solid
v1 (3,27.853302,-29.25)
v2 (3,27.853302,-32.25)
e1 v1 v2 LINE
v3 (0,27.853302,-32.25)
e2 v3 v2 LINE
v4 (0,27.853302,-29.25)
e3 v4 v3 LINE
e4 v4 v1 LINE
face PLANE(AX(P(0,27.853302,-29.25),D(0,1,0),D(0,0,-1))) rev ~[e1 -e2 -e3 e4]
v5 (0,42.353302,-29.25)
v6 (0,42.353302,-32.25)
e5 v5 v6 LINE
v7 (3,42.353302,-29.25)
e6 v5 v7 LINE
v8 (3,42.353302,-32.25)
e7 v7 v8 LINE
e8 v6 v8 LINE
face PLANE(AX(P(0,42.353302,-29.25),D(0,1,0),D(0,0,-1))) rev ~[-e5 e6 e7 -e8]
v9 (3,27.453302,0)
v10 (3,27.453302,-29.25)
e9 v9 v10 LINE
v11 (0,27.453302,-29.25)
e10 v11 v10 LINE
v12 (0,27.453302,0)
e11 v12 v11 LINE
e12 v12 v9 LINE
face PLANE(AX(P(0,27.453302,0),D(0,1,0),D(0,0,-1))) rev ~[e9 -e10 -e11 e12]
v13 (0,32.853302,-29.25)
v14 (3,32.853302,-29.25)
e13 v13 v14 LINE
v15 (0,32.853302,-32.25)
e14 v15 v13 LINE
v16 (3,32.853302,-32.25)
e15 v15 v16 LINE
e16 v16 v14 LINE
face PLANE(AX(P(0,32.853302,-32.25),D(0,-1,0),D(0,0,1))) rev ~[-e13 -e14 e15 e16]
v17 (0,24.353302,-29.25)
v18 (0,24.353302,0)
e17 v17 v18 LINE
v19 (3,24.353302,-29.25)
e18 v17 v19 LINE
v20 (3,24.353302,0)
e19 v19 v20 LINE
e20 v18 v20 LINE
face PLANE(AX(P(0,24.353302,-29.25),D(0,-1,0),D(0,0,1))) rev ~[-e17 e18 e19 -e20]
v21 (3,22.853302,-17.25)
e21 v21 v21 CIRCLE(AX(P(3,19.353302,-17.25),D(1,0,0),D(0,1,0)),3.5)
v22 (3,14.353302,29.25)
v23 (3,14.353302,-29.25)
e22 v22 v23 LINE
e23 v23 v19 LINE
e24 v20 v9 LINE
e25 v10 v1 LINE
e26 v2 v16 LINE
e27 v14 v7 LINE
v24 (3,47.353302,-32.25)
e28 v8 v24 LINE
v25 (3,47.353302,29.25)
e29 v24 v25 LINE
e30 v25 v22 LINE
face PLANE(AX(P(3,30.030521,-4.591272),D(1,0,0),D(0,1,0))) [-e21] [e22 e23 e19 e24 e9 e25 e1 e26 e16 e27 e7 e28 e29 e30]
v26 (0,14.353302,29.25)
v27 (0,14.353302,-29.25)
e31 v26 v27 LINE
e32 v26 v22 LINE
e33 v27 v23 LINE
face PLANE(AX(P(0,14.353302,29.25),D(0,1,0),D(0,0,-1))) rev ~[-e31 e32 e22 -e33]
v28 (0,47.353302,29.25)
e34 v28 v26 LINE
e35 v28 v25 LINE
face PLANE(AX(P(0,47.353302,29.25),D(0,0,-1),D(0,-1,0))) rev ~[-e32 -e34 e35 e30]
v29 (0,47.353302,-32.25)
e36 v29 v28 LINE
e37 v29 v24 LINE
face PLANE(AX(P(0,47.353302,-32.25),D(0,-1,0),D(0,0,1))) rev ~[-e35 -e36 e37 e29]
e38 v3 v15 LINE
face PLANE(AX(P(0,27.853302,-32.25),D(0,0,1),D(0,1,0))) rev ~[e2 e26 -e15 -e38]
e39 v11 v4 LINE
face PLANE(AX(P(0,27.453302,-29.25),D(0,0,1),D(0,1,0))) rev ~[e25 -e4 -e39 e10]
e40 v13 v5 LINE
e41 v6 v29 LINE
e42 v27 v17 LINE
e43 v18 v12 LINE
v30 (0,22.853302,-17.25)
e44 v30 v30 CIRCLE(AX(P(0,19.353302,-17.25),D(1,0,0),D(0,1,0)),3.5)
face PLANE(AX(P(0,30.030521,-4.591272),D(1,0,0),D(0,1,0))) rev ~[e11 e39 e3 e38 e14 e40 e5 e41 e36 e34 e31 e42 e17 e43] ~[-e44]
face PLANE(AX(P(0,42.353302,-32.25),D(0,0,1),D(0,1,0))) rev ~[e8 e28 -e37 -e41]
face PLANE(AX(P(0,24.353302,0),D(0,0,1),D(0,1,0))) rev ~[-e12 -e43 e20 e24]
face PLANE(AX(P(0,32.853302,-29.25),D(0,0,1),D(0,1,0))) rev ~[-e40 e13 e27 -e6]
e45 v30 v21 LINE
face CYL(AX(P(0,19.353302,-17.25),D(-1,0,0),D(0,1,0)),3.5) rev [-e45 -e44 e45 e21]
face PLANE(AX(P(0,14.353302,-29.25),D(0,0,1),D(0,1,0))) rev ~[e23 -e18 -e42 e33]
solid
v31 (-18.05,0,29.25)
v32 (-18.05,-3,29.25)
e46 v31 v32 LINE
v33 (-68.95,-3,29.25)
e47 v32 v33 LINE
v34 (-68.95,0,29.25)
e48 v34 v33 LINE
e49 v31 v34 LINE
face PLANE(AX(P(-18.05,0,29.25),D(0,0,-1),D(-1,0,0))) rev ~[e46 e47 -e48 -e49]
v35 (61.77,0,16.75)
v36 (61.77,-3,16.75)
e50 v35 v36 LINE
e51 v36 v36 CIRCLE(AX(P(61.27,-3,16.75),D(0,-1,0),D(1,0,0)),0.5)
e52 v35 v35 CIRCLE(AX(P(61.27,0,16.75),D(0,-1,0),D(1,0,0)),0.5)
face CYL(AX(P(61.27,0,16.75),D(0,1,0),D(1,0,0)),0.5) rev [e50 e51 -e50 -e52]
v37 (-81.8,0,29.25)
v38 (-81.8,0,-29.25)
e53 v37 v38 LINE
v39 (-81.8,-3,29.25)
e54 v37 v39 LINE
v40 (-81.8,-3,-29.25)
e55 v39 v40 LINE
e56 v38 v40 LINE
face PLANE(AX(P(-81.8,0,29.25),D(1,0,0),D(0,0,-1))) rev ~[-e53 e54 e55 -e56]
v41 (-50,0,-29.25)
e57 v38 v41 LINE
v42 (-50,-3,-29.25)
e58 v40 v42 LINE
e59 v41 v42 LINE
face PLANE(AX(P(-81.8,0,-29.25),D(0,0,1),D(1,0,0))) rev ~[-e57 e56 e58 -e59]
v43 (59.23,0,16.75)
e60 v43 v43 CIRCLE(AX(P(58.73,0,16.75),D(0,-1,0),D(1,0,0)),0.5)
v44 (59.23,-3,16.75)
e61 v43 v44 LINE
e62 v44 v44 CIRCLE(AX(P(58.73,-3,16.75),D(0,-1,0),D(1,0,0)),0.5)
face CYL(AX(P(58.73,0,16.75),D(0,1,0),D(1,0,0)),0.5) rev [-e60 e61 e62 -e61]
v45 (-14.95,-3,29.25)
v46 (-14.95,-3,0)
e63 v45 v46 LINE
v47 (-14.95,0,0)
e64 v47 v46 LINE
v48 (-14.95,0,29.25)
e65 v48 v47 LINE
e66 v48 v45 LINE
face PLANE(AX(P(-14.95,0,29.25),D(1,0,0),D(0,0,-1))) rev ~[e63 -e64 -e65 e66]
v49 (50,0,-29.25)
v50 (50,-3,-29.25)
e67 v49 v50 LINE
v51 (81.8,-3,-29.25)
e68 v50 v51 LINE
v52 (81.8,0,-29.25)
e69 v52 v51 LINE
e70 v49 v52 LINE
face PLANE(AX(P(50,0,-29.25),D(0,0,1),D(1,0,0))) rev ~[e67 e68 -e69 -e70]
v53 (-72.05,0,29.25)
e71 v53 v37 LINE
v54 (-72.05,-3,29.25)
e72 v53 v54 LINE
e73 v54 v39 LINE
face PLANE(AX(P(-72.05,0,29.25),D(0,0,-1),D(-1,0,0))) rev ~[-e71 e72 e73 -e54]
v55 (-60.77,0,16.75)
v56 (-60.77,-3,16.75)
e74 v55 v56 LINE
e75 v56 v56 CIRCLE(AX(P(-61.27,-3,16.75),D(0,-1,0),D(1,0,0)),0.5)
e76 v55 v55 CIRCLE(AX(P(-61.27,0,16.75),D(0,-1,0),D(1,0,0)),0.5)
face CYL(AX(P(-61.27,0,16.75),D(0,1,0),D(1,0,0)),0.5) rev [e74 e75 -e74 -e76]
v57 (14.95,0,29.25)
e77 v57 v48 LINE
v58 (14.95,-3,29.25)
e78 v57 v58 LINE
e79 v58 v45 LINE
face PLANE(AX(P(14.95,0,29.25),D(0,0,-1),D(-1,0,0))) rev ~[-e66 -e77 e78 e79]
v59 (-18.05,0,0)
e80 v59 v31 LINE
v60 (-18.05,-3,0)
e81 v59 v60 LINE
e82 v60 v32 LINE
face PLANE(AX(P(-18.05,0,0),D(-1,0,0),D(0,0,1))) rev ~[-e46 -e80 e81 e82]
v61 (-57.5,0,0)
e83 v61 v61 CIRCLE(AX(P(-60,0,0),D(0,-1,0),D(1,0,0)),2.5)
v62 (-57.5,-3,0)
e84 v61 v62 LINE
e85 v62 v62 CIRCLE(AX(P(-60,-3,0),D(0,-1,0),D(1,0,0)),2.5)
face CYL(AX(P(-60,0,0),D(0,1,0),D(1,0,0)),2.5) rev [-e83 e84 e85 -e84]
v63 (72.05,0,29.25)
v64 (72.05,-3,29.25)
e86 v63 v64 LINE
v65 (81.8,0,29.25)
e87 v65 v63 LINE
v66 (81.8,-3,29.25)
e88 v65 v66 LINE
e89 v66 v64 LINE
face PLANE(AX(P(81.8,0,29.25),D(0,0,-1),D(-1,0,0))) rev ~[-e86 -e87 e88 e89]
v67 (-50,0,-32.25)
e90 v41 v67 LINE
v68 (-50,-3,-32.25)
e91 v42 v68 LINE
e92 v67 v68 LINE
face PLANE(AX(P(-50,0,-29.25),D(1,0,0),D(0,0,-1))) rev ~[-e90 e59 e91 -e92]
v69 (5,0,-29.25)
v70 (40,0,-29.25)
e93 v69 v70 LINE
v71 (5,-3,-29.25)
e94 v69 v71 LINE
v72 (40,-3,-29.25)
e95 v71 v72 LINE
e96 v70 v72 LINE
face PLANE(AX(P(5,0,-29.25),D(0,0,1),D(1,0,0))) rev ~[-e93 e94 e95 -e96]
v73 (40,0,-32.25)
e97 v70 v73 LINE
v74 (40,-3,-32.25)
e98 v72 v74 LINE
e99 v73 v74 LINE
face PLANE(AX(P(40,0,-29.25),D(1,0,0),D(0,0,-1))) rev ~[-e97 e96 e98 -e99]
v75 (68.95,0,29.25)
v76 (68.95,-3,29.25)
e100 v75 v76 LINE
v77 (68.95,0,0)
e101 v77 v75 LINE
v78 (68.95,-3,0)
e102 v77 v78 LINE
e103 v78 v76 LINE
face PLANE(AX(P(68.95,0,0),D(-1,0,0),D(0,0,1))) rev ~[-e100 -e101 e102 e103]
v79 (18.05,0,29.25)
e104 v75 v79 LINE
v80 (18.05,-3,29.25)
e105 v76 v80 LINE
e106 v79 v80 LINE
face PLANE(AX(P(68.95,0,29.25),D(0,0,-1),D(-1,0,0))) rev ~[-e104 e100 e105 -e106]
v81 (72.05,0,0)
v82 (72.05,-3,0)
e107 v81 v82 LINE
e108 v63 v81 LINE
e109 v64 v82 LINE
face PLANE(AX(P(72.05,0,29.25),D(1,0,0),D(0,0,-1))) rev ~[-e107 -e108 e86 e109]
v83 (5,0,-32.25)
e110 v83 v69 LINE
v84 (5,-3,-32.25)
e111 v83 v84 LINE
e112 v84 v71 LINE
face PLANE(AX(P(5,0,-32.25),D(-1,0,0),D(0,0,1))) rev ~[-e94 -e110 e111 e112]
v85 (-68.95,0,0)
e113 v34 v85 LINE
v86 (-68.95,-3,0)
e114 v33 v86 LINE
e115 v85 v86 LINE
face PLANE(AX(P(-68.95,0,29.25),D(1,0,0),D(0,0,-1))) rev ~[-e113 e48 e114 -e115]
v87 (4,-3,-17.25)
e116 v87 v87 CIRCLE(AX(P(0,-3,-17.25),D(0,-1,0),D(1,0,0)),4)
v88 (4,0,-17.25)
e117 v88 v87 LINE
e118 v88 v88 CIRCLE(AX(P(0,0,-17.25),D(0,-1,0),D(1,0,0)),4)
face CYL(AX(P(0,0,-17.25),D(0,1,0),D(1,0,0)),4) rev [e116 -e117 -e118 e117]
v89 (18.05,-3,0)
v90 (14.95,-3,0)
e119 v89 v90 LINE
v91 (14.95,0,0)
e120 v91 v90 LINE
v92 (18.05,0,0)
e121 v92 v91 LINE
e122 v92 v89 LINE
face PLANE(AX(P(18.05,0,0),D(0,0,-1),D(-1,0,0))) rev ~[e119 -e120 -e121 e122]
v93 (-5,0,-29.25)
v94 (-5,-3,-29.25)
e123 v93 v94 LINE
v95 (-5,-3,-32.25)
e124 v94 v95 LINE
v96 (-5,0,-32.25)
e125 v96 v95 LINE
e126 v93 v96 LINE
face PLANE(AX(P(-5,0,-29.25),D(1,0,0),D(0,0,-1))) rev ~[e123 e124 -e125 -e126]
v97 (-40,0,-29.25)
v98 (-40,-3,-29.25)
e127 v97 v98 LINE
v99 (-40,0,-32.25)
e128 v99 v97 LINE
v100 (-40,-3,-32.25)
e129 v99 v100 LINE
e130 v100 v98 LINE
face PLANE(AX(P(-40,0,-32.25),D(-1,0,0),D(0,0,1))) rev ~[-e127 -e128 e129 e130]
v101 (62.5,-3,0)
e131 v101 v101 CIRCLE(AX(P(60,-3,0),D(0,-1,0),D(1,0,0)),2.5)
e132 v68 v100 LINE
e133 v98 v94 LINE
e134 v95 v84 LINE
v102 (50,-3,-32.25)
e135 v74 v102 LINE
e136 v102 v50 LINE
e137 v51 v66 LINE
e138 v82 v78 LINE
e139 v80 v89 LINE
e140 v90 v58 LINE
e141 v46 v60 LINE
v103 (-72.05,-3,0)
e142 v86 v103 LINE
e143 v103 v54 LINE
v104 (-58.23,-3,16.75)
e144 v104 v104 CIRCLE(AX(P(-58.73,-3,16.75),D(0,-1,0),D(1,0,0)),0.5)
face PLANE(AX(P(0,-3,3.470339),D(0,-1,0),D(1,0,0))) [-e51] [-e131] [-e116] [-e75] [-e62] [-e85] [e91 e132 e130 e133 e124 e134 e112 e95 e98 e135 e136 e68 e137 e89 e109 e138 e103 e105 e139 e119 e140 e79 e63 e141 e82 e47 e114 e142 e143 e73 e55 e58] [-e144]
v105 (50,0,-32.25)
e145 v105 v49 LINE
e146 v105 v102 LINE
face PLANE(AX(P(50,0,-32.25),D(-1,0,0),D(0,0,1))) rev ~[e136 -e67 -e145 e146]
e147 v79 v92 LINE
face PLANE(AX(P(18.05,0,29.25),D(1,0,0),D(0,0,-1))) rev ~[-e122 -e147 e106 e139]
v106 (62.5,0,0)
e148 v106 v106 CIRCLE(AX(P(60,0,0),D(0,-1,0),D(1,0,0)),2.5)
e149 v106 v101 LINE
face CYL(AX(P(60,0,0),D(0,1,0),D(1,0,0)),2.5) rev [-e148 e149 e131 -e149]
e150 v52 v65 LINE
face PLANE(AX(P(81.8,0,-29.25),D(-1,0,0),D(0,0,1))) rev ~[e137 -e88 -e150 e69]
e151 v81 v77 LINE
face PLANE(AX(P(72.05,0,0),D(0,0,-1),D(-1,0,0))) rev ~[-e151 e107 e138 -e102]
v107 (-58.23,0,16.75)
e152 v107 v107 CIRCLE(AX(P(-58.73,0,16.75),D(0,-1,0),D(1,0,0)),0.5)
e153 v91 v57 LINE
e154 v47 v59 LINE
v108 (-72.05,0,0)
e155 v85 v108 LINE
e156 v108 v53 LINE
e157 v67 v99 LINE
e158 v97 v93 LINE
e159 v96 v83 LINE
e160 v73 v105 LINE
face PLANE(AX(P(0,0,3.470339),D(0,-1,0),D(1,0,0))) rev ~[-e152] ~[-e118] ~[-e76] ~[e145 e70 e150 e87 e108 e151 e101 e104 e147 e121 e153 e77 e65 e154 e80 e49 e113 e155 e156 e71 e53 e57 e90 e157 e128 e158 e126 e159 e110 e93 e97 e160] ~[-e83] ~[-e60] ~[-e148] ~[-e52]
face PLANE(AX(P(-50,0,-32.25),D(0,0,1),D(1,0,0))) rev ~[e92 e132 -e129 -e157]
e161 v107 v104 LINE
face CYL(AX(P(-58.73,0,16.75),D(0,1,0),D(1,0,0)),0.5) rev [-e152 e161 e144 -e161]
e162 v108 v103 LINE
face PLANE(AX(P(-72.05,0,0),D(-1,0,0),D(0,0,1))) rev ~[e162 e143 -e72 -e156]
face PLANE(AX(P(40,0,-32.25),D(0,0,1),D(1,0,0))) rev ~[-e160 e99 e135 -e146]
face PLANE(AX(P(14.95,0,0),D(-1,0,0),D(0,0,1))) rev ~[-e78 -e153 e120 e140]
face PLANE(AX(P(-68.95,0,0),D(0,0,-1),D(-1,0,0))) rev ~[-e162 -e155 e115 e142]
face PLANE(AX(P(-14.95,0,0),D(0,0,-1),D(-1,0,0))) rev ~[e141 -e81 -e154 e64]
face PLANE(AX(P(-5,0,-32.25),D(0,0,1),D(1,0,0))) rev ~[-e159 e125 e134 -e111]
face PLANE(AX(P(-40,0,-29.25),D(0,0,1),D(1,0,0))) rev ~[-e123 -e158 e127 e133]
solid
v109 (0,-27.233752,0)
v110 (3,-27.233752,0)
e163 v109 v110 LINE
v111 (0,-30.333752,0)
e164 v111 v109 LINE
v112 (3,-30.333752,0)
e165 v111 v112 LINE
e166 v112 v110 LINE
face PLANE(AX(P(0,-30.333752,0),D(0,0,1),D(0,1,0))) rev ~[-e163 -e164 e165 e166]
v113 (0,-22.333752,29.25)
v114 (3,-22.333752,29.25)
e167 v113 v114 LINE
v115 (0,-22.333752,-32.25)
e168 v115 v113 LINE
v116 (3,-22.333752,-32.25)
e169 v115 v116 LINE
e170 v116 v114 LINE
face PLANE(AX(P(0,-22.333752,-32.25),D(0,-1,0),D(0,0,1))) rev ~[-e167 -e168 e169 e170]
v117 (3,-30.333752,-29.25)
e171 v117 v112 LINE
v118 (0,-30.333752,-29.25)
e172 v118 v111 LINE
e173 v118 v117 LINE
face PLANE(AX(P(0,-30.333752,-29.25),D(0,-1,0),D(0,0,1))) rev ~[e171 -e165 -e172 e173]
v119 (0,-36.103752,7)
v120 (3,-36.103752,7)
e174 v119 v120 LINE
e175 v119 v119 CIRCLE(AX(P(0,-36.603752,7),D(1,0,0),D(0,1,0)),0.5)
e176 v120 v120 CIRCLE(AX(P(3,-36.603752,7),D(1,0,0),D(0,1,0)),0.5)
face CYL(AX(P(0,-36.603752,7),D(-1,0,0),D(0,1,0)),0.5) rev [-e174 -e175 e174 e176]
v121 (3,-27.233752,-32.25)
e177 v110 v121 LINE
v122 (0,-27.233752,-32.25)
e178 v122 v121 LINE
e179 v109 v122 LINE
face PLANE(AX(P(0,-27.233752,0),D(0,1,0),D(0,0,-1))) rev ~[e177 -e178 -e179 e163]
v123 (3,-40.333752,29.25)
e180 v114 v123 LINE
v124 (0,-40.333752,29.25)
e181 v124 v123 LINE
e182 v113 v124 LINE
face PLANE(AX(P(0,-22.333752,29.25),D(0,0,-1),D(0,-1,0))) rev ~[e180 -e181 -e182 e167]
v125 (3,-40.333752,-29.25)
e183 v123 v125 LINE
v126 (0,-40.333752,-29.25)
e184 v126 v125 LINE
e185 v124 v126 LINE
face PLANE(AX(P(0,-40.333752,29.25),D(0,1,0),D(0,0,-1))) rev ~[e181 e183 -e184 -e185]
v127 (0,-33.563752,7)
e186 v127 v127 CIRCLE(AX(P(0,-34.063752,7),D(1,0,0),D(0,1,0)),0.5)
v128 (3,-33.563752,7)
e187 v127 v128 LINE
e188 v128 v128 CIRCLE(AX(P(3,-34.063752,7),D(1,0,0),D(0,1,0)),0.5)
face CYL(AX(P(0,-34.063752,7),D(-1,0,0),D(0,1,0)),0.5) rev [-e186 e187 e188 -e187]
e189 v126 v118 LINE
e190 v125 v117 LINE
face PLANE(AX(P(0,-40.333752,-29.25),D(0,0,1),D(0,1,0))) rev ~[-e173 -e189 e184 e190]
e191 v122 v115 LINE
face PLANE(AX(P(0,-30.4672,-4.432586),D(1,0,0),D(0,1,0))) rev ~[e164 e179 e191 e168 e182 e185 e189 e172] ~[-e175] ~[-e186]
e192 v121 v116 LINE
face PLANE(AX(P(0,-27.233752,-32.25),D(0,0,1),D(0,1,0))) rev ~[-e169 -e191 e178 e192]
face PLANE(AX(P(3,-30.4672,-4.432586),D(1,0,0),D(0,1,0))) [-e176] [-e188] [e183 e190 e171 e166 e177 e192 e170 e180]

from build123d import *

# Parameters (mm, degrees)
F0_R     = 4
F0_R_2   = 2.5
F0_R_3   = 0.5
F1_DEPTH = 3
F2_R     = 0.5
F4_DEPTH = 3
F3_R     = 3.5
F5_DEPTH = 3


with BuildPart() as f1:
    # F0 (on Front) → F1 (new body)
    with BuildSketch(Plane.XZ):
        Polygon((50, -29.25), (81.8, -29.25), (81.8, 29.25), (72.05, 29.25), (72.05, 0), (68.95, 0), (68.95, 29.25), (18.05, 29.25), (18.05, 0), (14.95, 0), (14.95, 29.25), (-14.95, 29.25), (-14.95, 0), (-18.05, 0), (-18.05, 29.25), (-68.95, 29.25), (-68.95, 0), (-72.05, 0), (-72.05, 29.25), (-81.8, 29.25), (-81.8, -29.25), (-50, -29.25), (-50, -32.25), (-40, -32.25), (-40, -29.25), (-5, -29.25), (-5, -32.25), (5, -32.25), (5, -29.25), (40, -29.25), (40, -32.25), (50, -32.25), align=None)
        with Locations((0, -17.25)):
            Circle(F0_R, mode=Mode.SUBTRACT)
        with Locations((-60, 0)):
            Circle(F0_R_2, mode=Mode.SUBTRACT)
        with Locations((-61.27, 16.75)):
            Circle(F0_R_3, mode=Mode.SUBTRACT)
        with Locations((-58.73, 16.75)):
            Circle(F0_R_3, mode=Mode.SUBTRACT)
        with Locations((60, 0)):
            Circle(F0_R_2, mode=Mode.SUBTRACT)
        with Locations((58.73, 16.75)):
            Circle(F0_R_3, mode=Mode.SUBTRACT)
        with Locations((61.27, 16.75)):
            Circle(F0_R_3, mode=Mode.SUBTRACT)
    extrude(amount=F1_DEPTH)


with BuildPart() as f4:
    # F2 (on Right) → F4 (new body)
    with BuildSketch(Plane.YZ):
        Polygon((-22.333752, -29.25), (-22.333752, 29.25), (-40.333752, 29.25), (-40.333752, -29.25), (-30.333752, -29.25), (-30.333752, 0), (-27.233752, 0), (-27.233752, -29.25), (-27.233752, -32.25), (-22.333752, -32.25), align=None)
        with Locations((-36.603752, 7)):
            Circle(F2_R, mode=Mode.SUBTRACT)
        with Locations((-34.063752, 7)):
            Circle(F2_R, mode=Mode.SUBTRACT)
    extrude(amount=F4_DEPTH)


with BuildPart() as f5:
    # F3 (on Right) → F5 (new body)
    with BuildSketch(Plane.YZ):
        Polygon((47.353302, 29.25), (14.353302, 29.25), (14.353302, -29.25), (24.353302, -29.25), (24.353302, 0), (27.453302, 0), (27.453302, -29.25), (27.853302, -29.25), (27.853302, -32.25), (32.853302, -32.25), (32.853302, -29.25), (42.353302, -29.25), (42.353302, -32.25), (47.353302, -32.25), (47.353302, -29.25), align=None)
        with Locations((19.353302, -17.25)):
            Circle(F3_R, mode=Mode.SUBTRACT)
    extrude(amount=F5_DEPTH)


solid = Compound([f1.part, f4.part, f5.part])
